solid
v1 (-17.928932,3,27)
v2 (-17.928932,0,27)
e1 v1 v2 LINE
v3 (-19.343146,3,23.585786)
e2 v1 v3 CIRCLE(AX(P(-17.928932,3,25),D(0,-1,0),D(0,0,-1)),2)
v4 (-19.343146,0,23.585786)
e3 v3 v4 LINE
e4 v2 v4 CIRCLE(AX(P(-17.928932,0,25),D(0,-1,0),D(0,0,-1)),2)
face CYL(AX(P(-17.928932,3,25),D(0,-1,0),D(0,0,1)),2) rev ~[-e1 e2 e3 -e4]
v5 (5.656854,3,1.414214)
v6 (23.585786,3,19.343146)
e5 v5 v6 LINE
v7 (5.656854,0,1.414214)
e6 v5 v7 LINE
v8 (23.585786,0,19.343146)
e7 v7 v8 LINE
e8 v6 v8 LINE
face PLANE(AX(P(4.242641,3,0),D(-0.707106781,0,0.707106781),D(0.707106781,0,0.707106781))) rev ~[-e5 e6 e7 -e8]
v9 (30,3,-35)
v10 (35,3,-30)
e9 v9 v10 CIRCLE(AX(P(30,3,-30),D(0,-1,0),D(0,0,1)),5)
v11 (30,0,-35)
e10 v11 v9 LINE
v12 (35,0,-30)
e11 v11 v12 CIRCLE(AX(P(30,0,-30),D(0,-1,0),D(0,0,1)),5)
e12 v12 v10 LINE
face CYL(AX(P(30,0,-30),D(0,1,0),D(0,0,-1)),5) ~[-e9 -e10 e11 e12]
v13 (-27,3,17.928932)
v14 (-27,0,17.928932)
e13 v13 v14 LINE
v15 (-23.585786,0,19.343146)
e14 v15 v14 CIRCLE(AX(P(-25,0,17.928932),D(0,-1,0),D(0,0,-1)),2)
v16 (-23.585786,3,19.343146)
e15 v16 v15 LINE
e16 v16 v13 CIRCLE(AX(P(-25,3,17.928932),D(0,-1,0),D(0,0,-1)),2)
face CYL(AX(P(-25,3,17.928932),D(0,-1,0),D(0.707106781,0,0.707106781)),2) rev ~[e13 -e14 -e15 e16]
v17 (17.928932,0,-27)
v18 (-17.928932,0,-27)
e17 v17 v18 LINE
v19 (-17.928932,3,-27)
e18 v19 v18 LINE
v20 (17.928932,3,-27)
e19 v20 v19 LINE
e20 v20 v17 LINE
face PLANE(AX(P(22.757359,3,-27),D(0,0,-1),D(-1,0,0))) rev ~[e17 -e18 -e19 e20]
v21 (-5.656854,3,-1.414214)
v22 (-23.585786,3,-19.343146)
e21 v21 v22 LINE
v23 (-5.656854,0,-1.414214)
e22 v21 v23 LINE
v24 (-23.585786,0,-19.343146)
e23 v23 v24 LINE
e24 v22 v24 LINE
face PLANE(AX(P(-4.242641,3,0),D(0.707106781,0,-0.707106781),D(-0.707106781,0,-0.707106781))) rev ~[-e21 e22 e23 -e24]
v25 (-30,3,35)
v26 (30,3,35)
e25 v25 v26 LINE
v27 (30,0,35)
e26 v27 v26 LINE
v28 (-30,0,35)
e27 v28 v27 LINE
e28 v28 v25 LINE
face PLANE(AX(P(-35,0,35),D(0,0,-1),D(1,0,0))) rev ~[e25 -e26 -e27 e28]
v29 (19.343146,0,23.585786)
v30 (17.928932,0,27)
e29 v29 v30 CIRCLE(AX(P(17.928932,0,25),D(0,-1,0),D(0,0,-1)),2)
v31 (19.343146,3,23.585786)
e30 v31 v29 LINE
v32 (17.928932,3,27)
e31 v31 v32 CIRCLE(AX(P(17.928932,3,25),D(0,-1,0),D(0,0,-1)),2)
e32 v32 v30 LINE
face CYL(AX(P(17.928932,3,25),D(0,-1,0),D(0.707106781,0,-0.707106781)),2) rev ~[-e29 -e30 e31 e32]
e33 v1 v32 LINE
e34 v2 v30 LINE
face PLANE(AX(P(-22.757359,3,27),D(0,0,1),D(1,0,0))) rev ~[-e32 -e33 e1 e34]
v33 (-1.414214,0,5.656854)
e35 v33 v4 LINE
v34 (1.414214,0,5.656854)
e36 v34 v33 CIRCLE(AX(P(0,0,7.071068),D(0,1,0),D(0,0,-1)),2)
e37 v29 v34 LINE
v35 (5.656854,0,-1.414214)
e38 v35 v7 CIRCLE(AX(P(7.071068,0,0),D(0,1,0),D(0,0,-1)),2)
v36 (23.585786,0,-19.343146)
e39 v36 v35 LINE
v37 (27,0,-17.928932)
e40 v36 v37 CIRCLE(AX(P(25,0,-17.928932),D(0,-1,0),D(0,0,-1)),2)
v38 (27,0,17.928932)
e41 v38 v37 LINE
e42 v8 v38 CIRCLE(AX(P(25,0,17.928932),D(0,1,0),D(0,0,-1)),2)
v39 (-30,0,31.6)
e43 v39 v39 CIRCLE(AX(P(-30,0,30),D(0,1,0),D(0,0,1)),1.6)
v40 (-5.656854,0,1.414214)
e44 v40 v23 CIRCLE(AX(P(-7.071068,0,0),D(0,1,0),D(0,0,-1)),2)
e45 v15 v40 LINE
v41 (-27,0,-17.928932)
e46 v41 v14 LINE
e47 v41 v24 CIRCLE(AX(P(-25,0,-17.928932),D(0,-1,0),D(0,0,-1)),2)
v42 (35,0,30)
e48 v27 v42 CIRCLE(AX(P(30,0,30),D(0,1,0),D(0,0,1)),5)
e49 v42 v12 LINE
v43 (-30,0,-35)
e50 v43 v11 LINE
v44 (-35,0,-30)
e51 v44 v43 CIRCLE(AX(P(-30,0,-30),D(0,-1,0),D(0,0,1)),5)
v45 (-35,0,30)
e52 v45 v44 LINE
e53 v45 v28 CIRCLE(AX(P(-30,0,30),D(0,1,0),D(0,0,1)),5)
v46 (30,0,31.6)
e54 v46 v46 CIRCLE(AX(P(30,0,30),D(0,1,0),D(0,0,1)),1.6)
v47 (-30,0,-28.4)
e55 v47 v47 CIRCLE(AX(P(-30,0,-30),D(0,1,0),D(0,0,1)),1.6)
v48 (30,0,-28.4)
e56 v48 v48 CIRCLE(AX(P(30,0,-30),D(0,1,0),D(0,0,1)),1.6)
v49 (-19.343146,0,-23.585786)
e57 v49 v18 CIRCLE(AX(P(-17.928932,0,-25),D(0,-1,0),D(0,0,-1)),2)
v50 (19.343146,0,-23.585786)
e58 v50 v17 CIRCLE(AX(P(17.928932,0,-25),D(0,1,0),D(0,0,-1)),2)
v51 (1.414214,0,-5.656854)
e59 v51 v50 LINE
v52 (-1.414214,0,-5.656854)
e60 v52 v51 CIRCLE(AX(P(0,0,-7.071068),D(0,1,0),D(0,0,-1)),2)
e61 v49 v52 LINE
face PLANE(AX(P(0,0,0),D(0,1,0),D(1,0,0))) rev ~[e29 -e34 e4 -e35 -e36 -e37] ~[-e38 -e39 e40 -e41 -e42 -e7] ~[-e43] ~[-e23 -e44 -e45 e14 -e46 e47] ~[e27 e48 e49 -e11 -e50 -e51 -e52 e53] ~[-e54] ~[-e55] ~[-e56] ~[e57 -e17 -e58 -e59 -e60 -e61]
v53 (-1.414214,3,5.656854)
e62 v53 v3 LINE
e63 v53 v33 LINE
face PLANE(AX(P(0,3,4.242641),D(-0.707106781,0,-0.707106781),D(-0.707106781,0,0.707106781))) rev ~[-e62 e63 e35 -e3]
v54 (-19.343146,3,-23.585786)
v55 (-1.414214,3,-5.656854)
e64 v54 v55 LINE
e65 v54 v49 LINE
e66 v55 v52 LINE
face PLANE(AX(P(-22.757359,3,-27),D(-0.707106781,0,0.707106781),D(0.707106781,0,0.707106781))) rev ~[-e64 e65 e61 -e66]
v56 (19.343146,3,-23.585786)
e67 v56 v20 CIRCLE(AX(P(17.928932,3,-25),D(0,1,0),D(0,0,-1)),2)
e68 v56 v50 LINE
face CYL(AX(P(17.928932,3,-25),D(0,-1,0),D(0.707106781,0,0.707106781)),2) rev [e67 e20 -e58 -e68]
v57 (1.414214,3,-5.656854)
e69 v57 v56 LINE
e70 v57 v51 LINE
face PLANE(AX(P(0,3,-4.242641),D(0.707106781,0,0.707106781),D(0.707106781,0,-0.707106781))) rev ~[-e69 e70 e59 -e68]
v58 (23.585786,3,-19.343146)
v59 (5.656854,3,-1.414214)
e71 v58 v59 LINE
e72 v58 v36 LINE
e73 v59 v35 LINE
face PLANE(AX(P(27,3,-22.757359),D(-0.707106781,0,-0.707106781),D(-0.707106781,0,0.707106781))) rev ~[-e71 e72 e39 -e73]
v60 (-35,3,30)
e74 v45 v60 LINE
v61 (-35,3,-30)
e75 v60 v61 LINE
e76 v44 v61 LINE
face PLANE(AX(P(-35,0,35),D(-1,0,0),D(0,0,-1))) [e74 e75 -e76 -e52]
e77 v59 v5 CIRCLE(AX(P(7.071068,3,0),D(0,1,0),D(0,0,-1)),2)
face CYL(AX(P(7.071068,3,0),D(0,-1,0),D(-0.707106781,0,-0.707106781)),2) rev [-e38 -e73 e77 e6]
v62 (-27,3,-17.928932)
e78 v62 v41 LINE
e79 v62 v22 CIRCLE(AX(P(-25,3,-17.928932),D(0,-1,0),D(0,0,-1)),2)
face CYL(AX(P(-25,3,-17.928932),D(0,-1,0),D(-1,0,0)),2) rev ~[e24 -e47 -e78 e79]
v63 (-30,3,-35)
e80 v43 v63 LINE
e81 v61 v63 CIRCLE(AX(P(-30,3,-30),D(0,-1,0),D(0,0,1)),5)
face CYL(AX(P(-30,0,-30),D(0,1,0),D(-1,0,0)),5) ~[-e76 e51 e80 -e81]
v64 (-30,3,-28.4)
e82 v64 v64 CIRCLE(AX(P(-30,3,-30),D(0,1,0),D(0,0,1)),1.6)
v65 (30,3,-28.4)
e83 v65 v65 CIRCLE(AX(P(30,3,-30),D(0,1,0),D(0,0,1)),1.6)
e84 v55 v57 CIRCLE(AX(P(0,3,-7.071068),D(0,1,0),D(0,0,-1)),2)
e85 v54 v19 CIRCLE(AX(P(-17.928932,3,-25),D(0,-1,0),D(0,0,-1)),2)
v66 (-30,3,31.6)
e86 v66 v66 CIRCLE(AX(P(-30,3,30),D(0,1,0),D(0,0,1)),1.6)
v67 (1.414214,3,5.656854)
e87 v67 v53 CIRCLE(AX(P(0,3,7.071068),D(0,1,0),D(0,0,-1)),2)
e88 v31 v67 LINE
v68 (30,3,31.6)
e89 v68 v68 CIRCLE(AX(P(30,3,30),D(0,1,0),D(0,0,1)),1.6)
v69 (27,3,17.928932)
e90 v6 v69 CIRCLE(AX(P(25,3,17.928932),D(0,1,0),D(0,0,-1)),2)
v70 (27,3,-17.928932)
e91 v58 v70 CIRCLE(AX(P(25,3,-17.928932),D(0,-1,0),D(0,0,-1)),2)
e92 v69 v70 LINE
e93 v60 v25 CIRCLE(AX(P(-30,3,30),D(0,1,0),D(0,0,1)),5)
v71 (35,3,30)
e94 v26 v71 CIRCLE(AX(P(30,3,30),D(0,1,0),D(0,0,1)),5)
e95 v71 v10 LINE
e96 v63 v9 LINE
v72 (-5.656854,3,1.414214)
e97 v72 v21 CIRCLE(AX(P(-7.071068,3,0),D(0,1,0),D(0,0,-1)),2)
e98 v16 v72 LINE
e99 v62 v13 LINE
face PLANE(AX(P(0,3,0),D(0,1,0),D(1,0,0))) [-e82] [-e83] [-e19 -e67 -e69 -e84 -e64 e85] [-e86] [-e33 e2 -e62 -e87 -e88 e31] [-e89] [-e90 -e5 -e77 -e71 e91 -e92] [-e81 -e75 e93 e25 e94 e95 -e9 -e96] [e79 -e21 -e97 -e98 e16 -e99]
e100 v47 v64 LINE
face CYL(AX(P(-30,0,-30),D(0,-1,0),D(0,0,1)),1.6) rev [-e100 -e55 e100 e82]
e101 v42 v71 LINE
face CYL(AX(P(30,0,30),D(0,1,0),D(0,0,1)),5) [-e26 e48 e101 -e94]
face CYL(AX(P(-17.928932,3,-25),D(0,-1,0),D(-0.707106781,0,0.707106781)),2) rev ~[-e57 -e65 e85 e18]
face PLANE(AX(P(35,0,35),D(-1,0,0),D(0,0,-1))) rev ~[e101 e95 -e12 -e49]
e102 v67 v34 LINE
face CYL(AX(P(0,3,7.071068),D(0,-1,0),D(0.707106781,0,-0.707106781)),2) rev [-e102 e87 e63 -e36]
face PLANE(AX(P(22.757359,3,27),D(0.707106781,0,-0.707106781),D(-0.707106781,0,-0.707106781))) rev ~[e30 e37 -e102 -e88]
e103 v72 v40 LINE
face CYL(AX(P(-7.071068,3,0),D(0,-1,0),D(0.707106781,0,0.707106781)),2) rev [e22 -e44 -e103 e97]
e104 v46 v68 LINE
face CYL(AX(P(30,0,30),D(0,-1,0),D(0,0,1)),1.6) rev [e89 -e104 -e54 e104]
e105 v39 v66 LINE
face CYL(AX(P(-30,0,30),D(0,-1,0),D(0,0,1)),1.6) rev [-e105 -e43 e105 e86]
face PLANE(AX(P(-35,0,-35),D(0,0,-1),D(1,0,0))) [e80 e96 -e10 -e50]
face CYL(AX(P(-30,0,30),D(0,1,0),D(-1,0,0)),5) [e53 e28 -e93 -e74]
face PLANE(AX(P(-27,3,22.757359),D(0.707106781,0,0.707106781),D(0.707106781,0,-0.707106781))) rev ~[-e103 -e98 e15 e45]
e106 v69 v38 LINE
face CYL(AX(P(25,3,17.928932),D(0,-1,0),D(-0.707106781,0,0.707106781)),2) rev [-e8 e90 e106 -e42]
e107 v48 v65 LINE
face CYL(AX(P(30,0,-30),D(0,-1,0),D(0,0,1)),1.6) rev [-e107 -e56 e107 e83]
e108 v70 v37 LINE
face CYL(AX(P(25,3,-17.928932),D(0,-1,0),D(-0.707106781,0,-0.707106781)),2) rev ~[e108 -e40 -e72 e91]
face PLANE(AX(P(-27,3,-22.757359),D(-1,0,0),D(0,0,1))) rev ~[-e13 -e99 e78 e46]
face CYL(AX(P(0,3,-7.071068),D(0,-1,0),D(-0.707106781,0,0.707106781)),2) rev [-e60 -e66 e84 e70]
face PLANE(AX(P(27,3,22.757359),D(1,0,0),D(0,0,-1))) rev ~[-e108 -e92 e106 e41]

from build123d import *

# Parameters (mm, degrees)
SKETCH_1_W                       = 70
SKETCH_1_H                       = 70
SKETCH_1_R                       = 1.6
EXTRUDE_1_DEPTH                  = 3
FILLET_1_R                       = 5
CUT_EXTRUDE_2_DEPTH              = 50.588305073
FILLET_2_R                       = 2
PATTERN_CIRCULAR_1_COUNT         = 4
FILLET_2_OF_PATTERN_CIRCULAR_1_R = 2


with BuildPart() as part:
    # 草图1 → 凸台-拉伸1 (new body)
    with BuildSketch(Plane(origin=(0, 0, 0), x_dir=(1, 0, 0), z_dir=(0, 1, 0))):
        Rectangle(SKETCH_1_W, SKETCH_1_H)
        with Locations(Location((-30, 30, 0), (0, 0, 270))):
            Circle(SKETCH_1_R, mode=Mode.SUBTRACT)
        with Locations(Location((30, 30, 0), (0, 0, 270))):
            Circle(SKETCH_1_R, mode=Mode.SUBTRACT)
        with Locations(Location((30, -30, 0), (0, 0, 270))):
            Circle(SKETCH_1_R, mode=Mode.SUBTRACT)
        with Locations(Location((-30, -30, 0), (0, 0, 270))):
            Circle(SKETCH_1_R, mode=Mode.SUBTRACT)
    extrude(amount=EXTRUDE_1_DEPTH)

    # 圆角1
    fillet_1_edges = [part.edges().sort_by_distance(p)[0] for p in [
        (-35, 1.5, -35),
        (35, 1.5, -35),
        (35, 1.5, 35),
        (-35, 1.5, 35),
    ]]
    fillet(fillet_1_edges, radius=FILLET_1_R)

    # 草图2 → 切除-拉伸2 (cut, through all)
    with BuildSketch(Plane(origin=(0, 3, 0), x_dir=(1, 0, 0), z_dir=(0, 1, 0))):
        Polygon((-22.757359313, 27), (0, 4.242640687), (22.757359313, 27), align=None)
    cut_extrude_2 = extrude(amount=-CUT_EXTRUDE_2_DEPTH, mode=Mode.SUBTRACT)

    # 圆角2
    fillet_2_edges = [part.edges().sort_by_distance(p)[0] for p in [
        (22.757359313, 1.5, -27),
        (0, 1.5, -4.242640687),
        (-22.757359313, 1.5, -27),
    ]]
    fillet(fillet_2_edges, radius=FILLET_2_R)

    # 阵列(圆周)1: 切除-拉伸2 ×4 about axis
    pattern_circular_1_axis = Axis((0, 0, 0), (0, 1, 0))
    for i in range(1, PATTERN_CIRCULAR_1_COUNT):
        add(cut_extrude_2.rotate(pattern_circular_1_axis, i * 360 / PATTERN_CIRCULAR_1_COUNT), mode=Mode.SUBTRACT)

    # 圆角2 of 阵列(圆周)1
    fillet_2_of_pattern_circular_1_edges = [part.edges().sort_by_distance(p)[0] for p in [
        (-27, 1.5, -22.757359313),
        (-4.242640687, 1.5, 0),
        (-27, 1.5, 22.757359313),
        (-22.757359313, 1.5, 27),
        (0, 1.5, 4.242640687),
        (22.757359313, 1.5, 27),
        (27, 1.5, 22.757359313),
        (4.242640687, 1.5, 0),
        (27, 1.5, -22.757359313),
    ]]
    fillet(fillet_2_of_pattern_circular_1_edges, radius=FILLET_2_OF_PATTERN_CIRCULAR_1_R)


solid = part.part
